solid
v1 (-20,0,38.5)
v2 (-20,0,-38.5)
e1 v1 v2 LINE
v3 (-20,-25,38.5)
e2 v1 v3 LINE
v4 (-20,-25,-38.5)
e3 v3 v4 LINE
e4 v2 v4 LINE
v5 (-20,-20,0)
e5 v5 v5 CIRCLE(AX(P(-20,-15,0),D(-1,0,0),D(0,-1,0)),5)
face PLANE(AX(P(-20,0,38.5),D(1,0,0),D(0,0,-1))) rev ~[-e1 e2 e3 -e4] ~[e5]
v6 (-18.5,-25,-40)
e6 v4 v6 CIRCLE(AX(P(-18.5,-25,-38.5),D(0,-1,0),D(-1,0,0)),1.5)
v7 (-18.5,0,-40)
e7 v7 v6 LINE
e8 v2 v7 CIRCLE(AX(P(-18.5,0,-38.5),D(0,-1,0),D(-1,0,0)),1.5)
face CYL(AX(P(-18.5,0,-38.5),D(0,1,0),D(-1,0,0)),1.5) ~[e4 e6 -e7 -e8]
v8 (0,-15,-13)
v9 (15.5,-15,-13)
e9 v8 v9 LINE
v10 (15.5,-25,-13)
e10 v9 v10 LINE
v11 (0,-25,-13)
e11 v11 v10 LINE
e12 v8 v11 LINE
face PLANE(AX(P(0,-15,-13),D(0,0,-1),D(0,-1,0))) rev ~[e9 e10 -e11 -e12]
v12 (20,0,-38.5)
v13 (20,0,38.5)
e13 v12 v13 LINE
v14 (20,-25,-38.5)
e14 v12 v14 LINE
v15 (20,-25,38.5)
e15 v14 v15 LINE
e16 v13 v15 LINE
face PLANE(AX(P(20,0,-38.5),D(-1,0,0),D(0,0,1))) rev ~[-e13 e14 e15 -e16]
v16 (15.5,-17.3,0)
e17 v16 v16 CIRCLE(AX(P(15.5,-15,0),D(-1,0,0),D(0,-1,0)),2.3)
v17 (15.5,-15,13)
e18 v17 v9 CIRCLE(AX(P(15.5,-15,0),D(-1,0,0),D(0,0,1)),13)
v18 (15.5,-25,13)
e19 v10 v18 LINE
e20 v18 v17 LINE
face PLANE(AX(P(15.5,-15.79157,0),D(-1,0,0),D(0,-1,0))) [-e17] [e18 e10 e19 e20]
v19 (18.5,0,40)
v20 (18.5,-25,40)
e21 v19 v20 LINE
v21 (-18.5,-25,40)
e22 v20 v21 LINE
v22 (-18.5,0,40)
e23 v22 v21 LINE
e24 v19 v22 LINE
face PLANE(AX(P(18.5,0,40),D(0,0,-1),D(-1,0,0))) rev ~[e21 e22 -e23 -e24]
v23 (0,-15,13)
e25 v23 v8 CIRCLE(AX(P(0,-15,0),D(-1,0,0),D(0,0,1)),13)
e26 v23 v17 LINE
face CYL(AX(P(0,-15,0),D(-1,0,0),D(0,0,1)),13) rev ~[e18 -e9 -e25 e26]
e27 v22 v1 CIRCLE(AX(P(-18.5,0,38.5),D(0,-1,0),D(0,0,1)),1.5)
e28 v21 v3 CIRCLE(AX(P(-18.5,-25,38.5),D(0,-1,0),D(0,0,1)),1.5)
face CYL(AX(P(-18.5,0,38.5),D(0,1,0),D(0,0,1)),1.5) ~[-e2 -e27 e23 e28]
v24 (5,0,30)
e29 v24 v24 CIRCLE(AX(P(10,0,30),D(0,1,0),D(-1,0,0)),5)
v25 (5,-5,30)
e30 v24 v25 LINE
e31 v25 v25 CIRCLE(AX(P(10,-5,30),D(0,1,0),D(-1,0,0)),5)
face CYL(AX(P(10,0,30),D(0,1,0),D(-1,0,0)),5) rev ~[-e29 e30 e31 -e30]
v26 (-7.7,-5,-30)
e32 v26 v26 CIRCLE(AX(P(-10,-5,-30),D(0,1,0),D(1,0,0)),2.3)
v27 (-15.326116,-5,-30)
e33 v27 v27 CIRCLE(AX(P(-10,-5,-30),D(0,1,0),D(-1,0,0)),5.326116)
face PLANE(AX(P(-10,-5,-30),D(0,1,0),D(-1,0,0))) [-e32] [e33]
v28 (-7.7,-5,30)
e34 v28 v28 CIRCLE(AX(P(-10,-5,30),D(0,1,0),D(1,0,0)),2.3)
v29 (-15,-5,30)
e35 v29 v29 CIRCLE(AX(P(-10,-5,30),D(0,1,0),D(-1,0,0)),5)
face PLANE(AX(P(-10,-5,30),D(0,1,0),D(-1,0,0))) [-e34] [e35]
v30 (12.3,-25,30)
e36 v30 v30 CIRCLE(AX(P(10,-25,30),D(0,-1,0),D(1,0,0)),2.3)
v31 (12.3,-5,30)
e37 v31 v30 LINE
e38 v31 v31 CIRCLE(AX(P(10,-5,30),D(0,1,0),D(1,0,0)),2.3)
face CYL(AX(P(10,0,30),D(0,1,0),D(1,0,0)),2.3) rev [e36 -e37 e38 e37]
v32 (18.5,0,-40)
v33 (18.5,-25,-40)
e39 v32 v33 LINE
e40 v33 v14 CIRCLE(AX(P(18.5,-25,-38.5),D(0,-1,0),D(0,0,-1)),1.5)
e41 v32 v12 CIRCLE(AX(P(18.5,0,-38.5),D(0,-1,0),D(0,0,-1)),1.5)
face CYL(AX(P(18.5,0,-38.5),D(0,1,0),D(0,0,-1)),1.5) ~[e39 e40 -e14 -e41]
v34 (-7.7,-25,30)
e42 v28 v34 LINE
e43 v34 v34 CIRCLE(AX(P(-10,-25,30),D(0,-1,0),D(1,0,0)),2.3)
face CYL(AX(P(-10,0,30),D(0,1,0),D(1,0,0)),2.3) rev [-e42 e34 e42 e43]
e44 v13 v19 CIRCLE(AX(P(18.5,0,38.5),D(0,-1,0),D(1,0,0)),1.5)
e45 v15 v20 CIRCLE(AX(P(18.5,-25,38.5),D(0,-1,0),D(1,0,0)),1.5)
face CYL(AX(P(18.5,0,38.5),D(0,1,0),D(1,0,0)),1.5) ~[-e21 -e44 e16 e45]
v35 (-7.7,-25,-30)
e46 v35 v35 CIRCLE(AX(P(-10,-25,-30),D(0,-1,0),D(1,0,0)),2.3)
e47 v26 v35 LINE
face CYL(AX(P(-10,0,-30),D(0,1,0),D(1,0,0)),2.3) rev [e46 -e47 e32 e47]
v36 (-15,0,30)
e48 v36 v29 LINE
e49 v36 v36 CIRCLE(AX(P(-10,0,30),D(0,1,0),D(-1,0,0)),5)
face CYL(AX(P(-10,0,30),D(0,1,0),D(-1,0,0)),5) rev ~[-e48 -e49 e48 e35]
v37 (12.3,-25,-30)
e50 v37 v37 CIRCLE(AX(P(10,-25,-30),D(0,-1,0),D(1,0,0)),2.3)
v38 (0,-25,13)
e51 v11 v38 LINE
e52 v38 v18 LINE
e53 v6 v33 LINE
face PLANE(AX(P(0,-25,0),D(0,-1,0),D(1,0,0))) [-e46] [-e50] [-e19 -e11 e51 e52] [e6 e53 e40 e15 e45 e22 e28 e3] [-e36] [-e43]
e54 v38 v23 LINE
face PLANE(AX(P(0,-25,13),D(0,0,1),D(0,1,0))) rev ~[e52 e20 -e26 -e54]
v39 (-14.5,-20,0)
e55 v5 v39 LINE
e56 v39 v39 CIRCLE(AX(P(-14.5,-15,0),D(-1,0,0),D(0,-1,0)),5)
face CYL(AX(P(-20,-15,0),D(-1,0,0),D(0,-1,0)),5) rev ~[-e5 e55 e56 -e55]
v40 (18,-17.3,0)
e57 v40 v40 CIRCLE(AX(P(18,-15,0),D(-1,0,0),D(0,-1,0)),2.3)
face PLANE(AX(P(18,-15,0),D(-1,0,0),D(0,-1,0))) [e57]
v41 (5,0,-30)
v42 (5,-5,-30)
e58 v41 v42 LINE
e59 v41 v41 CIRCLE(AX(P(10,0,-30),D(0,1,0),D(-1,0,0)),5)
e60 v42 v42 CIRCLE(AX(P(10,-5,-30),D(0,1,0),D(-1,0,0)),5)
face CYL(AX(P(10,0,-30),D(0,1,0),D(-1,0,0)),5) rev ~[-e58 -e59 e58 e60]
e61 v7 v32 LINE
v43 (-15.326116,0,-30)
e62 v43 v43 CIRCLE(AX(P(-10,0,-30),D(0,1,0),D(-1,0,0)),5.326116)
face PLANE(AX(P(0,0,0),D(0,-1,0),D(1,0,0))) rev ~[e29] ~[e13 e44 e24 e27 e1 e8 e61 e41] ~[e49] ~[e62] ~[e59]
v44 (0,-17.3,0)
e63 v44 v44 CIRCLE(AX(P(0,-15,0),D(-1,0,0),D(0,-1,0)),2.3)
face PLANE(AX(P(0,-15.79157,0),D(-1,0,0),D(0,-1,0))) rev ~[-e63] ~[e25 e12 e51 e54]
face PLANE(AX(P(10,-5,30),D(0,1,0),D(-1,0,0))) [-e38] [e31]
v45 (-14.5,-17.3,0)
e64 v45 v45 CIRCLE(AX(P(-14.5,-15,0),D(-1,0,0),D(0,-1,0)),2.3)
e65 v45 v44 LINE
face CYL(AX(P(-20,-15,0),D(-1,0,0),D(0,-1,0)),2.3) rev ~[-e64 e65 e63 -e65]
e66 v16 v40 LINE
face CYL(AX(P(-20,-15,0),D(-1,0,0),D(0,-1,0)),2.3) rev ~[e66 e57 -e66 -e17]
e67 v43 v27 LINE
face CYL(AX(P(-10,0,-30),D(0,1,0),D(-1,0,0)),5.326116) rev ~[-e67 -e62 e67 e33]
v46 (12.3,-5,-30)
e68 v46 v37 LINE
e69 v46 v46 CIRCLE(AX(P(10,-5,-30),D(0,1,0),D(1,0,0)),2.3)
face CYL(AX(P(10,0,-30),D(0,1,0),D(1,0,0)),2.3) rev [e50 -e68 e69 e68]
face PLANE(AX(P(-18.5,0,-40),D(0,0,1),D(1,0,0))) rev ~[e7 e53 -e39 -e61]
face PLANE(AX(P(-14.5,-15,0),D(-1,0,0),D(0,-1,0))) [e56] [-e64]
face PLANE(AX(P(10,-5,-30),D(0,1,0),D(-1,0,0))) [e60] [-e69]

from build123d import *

# Parameters (mm, degrees)
F0_R      = 2.3
F1_DEPTH  = 25
F2_R      = 5
F2_R_2    = 5.3261161738
F3_DEPTH  = 5
F7_DEPTH  = 15.5
F9_R      = 2.3
F10_DEPTH = 38
F11_R     = 5
F12_DEPTH = 5.5


with BuildPart() as f1:
    # F0 (on Front) → F1 (new body)
    with BuildSketch(Plane.XZ):
        with BuildLine():
            ThreePointArc((18.5, -40), (19.5606601718, -39.5606601718), (20, -38.5))
            Line((20, -38.5), (20, 38.5))
            ThreePointArc((20, 38.5), (19.5606601718, 39.5606601718), (18.5, 40))
            Line((18.5, 40), (-18.5, 40))
            ThreePointArc((-18.5, 40), (-19.5606601718, 39.5606601718), (-20, 38.5))
            Line((-20, 38.5), (-20, -38.5))
            ThreePointArc((-20, -38.5), (-19.5606601718, -39.5606601718), (-18.5, -40))
            Line((-18.5, -40), (18.5, -40))
        make_face()
        with Locations((-10, -30)):
            Circle(F0_R, mode=Mode.SUBTRACT)
        with Locations((10, -30)):
            Circle(F0_R, mode=Mode.SUBTRACT)
        with Locations((-10, 30)):
            Circle(F0_R, mode=Mode.SUBTRACT)
        with Locations((10, 30)):
            Circle(F0_R, mode=Mode.SUBTRACT)
    extrude(amount=F1_DEPTH)

    # F2 (on face) → F3 (cut)
    with BuildSketch(Plane(origin=(0, 0, 0), x_dir=(-1, 0, 0), z_dir=(0, 1, 0))):
        with Locations((-10, 30)):
            Circle(F2_R)
        with Locations((10, 30)):
            Circle(F2_R)
        with Locations((10, -30)):
            Circle(F2_R_2)
        with Locations((-10, -30)):
            Circle(F2_R)
    extrude(amount=-F3_DEPTH, mode=Mode.SUBTRACT)

    # F6 (on offset) → F7 (cut, through all)
    with BuildSketch(Plane(origin=(0, 0, 0), x_dir=(0, -1, 0), z_dir=(-1, 0, 0))):
        with BuildLine():
            Line((15, -13), (25, -13))
            Line((25, -13), (25, 13))
            Line((25, 13), (15, 13))
            ThreePointArc((15, 13), (2, 0), (15, -13))
        make_face()
    extrude(amount=-F7_DEPTH, mode=Mode.SUBTRACT)

    # F9 (on face) → F10 (cut, through all)
    with BuildSketch(Plane(origin=(-20, 0, 0), x_dir=(0, -1, 0), z_dir=(-1, 0, 0))):
        with Locations((15, 0)):
            Circle(F9_R)
    extrude(amount=-F10_DEPTH, mode=Mode.SUBTRACT)

    # F11 (on face) → F12 (cut)
    with BuildSketch(Plane(origin=(-20, 0, 0), x_dir=(0, -1, 0), z_dir=(-1, 0, 0))):
        with Locations((15, 0)):
            Circle(F11_R)
    extrude(amount=-F12_DEPTH, mode=Mode.SUBTRACT)


solid = f1.part
